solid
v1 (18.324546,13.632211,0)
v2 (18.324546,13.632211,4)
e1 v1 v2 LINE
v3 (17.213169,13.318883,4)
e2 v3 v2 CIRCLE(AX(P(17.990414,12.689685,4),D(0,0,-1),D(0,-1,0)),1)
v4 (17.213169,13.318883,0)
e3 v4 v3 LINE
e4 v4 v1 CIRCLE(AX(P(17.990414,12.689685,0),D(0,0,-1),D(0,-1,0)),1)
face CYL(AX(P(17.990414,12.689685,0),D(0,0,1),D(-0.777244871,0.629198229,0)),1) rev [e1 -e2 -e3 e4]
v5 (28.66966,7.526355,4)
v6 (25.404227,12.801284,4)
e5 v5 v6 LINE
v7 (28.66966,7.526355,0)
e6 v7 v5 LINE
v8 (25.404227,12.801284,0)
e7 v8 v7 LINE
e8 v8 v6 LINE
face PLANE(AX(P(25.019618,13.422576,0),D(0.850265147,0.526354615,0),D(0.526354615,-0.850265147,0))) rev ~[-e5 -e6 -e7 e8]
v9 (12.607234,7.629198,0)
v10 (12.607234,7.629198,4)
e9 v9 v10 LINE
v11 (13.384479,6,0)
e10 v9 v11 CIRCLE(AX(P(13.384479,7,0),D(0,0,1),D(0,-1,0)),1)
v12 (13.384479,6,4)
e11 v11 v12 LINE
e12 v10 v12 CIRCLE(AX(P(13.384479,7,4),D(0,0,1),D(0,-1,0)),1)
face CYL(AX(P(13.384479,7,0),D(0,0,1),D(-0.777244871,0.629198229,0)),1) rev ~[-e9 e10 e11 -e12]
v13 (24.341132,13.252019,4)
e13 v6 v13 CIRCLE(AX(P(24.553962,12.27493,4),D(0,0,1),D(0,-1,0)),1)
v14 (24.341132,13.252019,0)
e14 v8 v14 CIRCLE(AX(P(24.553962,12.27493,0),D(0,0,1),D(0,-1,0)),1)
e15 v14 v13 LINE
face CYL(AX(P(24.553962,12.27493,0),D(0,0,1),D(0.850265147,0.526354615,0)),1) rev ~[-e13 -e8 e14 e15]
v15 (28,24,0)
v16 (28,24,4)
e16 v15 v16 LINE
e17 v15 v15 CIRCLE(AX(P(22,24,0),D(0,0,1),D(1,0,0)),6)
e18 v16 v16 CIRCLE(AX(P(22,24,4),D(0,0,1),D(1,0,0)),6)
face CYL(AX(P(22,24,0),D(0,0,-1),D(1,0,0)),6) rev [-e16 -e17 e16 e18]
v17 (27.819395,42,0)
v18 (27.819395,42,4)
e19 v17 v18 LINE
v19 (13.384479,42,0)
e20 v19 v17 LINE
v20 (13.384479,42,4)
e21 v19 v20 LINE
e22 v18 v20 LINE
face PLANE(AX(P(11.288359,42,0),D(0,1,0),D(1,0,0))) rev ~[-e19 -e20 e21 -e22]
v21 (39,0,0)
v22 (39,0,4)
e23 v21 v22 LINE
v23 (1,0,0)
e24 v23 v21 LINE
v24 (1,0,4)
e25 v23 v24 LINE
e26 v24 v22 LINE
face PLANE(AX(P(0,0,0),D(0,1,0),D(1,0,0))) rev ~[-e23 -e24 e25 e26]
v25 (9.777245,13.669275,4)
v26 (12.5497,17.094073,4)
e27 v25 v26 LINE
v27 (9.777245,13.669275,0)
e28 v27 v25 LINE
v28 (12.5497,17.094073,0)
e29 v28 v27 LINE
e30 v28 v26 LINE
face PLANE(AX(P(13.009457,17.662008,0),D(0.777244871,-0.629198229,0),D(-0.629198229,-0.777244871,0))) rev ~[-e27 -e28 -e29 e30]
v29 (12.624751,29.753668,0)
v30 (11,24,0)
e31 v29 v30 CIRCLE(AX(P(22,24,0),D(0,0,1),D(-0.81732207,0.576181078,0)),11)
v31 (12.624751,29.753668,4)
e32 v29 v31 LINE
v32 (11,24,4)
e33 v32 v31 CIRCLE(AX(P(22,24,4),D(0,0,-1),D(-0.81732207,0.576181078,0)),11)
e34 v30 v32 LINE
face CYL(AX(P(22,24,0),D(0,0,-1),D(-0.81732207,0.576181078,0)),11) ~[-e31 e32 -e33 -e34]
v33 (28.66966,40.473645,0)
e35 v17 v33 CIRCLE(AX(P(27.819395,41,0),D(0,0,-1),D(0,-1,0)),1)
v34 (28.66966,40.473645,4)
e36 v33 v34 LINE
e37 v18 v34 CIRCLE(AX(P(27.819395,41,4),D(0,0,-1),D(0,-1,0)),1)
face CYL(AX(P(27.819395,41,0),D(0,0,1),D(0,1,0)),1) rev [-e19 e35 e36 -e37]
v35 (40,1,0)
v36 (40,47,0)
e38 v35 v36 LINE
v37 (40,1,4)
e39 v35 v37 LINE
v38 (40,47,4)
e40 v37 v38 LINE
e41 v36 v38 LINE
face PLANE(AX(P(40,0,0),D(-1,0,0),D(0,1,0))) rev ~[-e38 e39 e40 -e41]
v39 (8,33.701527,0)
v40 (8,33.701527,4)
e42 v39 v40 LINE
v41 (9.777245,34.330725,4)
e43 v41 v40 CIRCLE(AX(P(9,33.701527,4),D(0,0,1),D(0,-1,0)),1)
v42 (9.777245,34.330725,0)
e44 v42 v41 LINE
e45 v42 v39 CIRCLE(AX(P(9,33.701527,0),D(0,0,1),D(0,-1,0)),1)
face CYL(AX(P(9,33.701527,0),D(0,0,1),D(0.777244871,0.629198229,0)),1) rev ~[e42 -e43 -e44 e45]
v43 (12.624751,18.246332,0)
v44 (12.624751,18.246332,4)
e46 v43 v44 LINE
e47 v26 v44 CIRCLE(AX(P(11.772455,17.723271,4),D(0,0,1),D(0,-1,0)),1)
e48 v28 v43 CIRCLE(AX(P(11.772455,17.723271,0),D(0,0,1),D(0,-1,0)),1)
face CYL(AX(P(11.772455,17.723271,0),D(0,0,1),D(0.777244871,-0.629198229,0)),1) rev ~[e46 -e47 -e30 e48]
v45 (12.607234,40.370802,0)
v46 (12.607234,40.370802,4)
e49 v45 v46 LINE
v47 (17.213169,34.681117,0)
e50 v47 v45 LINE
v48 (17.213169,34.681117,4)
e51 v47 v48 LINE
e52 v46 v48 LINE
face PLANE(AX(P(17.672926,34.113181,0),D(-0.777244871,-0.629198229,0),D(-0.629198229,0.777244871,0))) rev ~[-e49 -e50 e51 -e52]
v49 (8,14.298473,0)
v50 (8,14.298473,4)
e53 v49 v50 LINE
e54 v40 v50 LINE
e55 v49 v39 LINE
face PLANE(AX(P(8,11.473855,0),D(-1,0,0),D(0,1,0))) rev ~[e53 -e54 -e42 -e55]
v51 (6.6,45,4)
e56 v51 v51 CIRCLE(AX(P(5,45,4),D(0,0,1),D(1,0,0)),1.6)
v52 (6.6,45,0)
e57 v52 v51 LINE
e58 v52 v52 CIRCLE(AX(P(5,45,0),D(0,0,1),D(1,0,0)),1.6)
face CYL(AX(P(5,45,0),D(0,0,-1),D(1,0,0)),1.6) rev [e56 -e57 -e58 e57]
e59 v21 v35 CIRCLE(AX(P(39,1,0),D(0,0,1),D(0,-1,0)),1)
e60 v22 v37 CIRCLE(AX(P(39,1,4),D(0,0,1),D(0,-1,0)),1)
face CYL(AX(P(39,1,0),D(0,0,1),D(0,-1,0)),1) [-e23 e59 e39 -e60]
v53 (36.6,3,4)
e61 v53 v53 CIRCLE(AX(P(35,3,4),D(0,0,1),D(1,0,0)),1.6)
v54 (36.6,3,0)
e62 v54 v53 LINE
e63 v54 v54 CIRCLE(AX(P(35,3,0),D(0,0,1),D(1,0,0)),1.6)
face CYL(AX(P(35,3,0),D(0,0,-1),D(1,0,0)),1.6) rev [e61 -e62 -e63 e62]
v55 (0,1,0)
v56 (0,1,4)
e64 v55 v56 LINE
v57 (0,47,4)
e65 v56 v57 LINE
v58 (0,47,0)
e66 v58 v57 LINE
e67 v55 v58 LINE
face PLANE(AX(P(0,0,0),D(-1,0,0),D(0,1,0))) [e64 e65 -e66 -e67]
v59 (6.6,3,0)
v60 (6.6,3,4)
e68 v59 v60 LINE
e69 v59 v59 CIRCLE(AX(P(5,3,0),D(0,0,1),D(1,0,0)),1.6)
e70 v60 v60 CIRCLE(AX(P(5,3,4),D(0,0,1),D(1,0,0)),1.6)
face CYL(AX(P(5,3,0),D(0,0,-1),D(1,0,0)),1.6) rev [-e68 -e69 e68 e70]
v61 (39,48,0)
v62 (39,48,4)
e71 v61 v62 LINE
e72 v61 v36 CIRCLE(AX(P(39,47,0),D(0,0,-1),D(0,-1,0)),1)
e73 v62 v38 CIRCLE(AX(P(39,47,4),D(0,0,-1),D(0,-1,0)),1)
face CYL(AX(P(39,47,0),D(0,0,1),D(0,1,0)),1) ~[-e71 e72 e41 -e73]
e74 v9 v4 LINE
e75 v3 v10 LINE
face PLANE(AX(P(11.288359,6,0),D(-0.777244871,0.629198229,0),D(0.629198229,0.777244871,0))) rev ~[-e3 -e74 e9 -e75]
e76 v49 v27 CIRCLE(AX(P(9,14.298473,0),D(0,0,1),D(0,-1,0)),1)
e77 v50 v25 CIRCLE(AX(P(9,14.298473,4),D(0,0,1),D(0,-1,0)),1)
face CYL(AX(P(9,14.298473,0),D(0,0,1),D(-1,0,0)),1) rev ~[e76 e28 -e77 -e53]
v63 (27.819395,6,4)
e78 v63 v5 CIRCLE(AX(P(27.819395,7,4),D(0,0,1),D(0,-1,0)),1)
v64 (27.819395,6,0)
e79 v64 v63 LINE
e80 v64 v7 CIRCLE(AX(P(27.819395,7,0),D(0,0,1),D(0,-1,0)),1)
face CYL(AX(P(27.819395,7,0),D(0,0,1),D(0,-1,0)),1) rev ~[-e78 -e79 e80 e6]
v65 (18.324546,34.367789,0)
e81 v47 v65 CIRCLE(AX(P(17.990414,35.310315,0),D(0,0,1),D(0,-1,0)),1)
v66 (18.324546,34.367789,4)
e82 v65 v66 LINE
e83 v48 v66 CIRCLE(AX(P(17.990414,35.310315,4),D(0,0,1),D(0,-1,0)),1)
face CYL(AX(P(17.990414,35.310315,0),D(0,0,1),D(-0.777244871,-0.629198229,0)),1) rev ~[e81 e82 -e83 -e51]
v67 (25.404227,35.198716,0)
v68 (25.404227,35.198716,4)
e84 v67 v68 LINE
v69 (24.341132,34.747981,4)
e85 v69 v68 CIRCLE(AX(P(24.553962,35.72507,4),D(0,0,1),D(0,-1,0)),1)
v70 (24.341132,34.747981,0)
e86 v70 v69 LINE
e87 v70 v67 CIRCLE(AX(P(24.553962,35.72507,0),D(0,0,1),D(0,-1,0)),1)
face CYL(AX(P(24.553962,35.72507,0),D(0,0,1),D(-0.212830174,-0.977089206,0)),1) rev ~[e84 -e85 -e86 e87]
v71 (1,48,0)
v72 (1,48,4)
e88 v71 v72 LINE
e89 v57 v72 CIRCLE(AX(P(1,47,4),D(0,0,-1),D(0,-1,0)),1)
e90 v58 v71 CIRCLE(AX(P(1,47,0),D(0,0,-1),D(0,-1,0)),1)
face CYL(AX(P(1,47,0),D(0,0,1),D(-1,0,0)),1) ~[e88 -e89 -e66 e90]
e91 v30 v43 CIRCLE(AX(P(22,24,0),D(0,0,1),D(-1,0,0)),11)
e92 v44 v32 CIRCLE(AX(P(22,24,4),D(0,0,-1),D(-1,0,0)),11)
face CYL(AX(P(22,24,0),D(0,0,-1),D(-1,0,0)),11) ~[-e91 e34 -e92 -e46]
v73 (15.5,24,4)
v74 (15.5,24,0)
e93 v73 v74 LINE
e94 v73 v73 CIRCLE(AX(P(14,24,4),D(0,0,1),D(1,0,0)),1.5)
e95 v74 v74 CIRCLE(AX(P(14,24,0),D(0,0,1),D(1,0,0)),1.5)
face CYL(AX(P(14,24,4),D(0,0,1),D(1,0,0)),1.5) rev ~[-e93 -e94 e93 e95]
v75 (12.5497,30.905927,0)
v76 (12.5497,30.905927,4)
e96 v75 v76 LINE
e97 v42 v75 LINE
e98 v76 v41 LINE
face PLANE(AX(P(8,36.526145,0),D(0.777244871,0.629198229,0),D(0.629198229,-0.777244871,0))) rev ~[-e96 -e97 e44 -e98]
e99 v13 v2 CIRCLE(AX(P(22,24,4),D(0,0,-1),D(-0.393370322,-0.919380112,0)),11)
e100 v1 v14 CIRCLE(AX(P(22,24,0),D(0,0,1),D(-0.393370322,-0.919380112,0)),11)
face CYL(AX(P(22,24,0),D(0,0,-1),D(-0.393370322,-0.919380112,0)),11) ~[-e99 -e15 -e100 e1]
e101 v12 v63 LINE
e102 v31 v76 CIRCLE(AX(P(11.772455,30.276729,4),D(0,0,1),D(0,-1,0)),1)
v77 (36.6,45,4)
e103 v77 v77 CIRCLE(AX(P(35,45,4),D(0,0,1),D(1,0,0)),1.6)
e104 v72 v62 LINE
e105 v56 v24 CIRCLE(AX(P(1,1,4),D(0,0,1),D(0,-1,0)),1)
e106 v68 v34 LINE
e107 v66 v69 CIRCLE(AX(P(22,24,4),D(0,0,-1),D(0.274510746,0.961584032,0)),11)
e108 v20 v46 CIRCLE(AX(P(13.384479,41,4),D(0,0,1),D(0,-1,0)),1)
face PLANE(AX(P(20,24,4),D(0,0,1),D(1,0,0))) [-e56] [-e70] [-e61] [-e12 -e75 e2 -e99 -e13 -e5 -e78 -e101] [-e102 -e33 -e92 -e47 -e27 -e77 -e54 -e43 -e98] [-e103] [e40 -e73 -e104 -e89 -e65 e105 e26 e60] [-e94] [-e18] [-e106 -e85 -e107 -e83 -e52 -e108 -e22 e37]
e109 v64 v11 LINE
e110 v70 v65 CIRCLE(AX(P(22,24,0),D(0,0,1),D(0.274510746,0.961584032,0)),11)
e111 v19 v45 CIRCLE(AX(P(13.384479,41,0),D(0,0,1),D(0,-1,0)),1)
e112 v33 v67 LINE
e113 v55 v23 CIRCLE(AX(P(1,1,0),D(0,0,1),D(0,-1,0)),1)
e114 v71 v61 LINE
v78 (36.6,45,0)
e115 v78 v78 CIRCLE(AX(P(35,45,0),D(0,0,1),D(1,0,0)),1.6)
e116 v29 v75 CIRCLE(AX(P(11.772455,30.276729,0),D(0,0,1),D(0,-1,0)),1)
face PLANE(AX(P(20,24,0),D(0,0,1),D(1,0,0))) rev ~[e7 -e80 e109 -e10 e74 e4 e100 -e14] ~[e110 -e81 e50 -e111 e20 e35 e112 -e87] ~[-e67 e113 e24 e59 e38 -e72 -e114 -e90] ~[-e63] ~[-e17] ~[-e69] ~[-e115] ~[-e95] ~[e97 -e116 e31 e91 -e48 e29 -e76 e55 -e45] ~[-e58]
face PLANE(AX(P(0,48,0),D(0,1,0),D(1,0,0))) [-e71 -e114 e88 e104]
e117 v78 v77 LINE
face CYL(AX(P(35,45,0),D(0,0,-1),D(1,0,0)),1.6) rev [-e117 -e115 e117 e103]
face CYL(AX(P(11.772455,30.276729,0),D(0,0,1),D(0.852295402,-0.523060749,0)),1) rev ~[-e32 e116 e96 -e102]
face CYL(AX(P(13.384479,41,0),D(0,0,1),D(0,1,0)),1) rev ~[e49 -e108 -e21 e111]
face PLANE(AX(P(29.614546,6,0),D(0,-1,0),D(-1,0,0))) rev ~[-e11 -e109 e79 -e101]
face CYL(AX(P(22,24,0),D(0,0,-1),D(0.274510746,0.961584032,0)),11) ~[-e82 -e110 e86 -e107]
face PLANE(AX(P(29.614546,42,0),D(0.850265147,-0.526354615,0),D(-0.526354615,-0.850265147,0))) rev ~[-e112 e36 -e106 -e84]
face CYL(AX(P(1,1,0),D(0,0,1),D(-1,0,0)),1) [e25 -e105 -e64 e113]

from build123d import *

# Parameters (mm, degrees)
SKETCH_1_W          = 40
SKETCH_1_H          = 48
SKETCH_1_R          = 1.6
SKETCH_1_R_2        = 6
EXTRUDE_1_DEPTH     = 4
SKETCH_3_R          = 1.5
CUT_EXTRUDE_1_DEPTH = 63.60990337
CUT_EXTRUDE_2_DEPTH = 10
FILLET_1_R          = 1


with BuildPart() as part:
    # ｽｹｯﾁ1 → ﾎﾞｽ - 押し出し1 (new body)
    with BuildSketch(Plane.XY):
        with Locations((20, 24)):
            Rectangle(SKETCH_1_W, SKETCH_1_H)
        with Locations((5, 45)):
            Circle(SKETCH_1_R, mode=Mode.SUBTRACT)
        with Locations((5, 3)):
            Circle(SKETCH_1_R, mode=Mode.SUBTRACT)
        with Locations((35, 45)):
            Circle(SKETCH_1_R, mode=Mode.SUBTRACT)
        with Locations((35, 3)):
            Circle(SKETCH_1_R, mode=Mode.SUBTRACT)
        with Locations((22, 24)):
            Circle(SKETCH_1_R_2, mode=Mode.SUBTRACT)
    extrude(amount=EXTRUDE_1_DEPTH)

    # ｽｹｯﾁ3 → ｶｯﾄ - 押し出し1 (cut, through all)
    with BuildSketch(Plane.XY.offset(4)):
        with Locations((14, 24)):
            Circle(SKETCH_3_R)
    extrude(amount=-CUT_EXTRUDE_1_DEPTH, mode=Mode.SUBTRACT)

    # ｽｹｯﾁ4 → ｶｯﾄ - 押し出し2 (cut)
    with BuildSketch(Plane(origin=(0, 0, 0), x_dir=(-1, 0, 0), z_dir=(0, 0, -1))):
        with BuildLine():
            Line((-29.61454599, 42), (-25.019618207, 34.57742435))
            ThreePointArc((-25.019618207, 34.57742435), (-21.306285158, 34.978103649), (-17.672926458, 34.113181229))
            Line((-17.672926458, 34.113181229), (-11.288358882, 42))
            Line((-11.288358882, 42), (-29.61454599, 42))
        make_face()
        with BuildLine():
            ThreePointArc((-11, 24), (-11.514391519, 20.675542933), (-13.009457234, 17.662008143))
            Line((-13.009457234, 17.662008143), (-8, 11.473855089))
            Line((-8, 11.473855089), (-8, 36.526144911))
            Line((-8, 36.526144911), (-13.009457234, 30.337991857))
            ThreePointArc((-13.009457234, 30.337991857), (-11.514391519, 27.324457067), (-11, 24))
        make_face()
        with BuildLine():
            ThreePointArc((-17.672926458, 13.886818771), (-21.306285158, 13.021896351), (-25.019618207, 13.42257565))
            Line((-25.019618207, 13.42257565), (-29.61454599, 6))
            Line((-29.61454599, 6), (-11.288358882, 6))
            Line((-11.288358882, 6), (-17.672926458, 13.886818771))
        make_face()
    extrude(amount=-CUT_EXTRUDE_2_DEPTH, mode=Mode.SUBTRACT)

    # ﾌｨﾚｯﾄ1
    fillet_1_edges = [part.edges().sort_by_distance(p)[0] for p in [
        (13.009457234, 17.662008143, 2),
        (13.009457234, 30.337991857, 2),
        (8, 36.526144911, 2),
        (8, 11.473855089, 2),
        (25.019618207, 13.42257565, 2),
        (17.672926458, 13.886818771, 2),
        (11.288358882, 6, 2),
        (29.61454599, 6, 2),
        (17.672926458, 34.113181229, 2),
        (25.019618207, 34.57742435, 2),
        (29.61454599, 42, 2),
        (11.288358882, 42, 2),
        (0, 48, 2),
        (40, 48, 2),
        (40, 0, 2),
        (0, 0, 2),
    ]]
    fillet(fillet_1_edges, radius=FILLET_1_R)


solid = part.part
